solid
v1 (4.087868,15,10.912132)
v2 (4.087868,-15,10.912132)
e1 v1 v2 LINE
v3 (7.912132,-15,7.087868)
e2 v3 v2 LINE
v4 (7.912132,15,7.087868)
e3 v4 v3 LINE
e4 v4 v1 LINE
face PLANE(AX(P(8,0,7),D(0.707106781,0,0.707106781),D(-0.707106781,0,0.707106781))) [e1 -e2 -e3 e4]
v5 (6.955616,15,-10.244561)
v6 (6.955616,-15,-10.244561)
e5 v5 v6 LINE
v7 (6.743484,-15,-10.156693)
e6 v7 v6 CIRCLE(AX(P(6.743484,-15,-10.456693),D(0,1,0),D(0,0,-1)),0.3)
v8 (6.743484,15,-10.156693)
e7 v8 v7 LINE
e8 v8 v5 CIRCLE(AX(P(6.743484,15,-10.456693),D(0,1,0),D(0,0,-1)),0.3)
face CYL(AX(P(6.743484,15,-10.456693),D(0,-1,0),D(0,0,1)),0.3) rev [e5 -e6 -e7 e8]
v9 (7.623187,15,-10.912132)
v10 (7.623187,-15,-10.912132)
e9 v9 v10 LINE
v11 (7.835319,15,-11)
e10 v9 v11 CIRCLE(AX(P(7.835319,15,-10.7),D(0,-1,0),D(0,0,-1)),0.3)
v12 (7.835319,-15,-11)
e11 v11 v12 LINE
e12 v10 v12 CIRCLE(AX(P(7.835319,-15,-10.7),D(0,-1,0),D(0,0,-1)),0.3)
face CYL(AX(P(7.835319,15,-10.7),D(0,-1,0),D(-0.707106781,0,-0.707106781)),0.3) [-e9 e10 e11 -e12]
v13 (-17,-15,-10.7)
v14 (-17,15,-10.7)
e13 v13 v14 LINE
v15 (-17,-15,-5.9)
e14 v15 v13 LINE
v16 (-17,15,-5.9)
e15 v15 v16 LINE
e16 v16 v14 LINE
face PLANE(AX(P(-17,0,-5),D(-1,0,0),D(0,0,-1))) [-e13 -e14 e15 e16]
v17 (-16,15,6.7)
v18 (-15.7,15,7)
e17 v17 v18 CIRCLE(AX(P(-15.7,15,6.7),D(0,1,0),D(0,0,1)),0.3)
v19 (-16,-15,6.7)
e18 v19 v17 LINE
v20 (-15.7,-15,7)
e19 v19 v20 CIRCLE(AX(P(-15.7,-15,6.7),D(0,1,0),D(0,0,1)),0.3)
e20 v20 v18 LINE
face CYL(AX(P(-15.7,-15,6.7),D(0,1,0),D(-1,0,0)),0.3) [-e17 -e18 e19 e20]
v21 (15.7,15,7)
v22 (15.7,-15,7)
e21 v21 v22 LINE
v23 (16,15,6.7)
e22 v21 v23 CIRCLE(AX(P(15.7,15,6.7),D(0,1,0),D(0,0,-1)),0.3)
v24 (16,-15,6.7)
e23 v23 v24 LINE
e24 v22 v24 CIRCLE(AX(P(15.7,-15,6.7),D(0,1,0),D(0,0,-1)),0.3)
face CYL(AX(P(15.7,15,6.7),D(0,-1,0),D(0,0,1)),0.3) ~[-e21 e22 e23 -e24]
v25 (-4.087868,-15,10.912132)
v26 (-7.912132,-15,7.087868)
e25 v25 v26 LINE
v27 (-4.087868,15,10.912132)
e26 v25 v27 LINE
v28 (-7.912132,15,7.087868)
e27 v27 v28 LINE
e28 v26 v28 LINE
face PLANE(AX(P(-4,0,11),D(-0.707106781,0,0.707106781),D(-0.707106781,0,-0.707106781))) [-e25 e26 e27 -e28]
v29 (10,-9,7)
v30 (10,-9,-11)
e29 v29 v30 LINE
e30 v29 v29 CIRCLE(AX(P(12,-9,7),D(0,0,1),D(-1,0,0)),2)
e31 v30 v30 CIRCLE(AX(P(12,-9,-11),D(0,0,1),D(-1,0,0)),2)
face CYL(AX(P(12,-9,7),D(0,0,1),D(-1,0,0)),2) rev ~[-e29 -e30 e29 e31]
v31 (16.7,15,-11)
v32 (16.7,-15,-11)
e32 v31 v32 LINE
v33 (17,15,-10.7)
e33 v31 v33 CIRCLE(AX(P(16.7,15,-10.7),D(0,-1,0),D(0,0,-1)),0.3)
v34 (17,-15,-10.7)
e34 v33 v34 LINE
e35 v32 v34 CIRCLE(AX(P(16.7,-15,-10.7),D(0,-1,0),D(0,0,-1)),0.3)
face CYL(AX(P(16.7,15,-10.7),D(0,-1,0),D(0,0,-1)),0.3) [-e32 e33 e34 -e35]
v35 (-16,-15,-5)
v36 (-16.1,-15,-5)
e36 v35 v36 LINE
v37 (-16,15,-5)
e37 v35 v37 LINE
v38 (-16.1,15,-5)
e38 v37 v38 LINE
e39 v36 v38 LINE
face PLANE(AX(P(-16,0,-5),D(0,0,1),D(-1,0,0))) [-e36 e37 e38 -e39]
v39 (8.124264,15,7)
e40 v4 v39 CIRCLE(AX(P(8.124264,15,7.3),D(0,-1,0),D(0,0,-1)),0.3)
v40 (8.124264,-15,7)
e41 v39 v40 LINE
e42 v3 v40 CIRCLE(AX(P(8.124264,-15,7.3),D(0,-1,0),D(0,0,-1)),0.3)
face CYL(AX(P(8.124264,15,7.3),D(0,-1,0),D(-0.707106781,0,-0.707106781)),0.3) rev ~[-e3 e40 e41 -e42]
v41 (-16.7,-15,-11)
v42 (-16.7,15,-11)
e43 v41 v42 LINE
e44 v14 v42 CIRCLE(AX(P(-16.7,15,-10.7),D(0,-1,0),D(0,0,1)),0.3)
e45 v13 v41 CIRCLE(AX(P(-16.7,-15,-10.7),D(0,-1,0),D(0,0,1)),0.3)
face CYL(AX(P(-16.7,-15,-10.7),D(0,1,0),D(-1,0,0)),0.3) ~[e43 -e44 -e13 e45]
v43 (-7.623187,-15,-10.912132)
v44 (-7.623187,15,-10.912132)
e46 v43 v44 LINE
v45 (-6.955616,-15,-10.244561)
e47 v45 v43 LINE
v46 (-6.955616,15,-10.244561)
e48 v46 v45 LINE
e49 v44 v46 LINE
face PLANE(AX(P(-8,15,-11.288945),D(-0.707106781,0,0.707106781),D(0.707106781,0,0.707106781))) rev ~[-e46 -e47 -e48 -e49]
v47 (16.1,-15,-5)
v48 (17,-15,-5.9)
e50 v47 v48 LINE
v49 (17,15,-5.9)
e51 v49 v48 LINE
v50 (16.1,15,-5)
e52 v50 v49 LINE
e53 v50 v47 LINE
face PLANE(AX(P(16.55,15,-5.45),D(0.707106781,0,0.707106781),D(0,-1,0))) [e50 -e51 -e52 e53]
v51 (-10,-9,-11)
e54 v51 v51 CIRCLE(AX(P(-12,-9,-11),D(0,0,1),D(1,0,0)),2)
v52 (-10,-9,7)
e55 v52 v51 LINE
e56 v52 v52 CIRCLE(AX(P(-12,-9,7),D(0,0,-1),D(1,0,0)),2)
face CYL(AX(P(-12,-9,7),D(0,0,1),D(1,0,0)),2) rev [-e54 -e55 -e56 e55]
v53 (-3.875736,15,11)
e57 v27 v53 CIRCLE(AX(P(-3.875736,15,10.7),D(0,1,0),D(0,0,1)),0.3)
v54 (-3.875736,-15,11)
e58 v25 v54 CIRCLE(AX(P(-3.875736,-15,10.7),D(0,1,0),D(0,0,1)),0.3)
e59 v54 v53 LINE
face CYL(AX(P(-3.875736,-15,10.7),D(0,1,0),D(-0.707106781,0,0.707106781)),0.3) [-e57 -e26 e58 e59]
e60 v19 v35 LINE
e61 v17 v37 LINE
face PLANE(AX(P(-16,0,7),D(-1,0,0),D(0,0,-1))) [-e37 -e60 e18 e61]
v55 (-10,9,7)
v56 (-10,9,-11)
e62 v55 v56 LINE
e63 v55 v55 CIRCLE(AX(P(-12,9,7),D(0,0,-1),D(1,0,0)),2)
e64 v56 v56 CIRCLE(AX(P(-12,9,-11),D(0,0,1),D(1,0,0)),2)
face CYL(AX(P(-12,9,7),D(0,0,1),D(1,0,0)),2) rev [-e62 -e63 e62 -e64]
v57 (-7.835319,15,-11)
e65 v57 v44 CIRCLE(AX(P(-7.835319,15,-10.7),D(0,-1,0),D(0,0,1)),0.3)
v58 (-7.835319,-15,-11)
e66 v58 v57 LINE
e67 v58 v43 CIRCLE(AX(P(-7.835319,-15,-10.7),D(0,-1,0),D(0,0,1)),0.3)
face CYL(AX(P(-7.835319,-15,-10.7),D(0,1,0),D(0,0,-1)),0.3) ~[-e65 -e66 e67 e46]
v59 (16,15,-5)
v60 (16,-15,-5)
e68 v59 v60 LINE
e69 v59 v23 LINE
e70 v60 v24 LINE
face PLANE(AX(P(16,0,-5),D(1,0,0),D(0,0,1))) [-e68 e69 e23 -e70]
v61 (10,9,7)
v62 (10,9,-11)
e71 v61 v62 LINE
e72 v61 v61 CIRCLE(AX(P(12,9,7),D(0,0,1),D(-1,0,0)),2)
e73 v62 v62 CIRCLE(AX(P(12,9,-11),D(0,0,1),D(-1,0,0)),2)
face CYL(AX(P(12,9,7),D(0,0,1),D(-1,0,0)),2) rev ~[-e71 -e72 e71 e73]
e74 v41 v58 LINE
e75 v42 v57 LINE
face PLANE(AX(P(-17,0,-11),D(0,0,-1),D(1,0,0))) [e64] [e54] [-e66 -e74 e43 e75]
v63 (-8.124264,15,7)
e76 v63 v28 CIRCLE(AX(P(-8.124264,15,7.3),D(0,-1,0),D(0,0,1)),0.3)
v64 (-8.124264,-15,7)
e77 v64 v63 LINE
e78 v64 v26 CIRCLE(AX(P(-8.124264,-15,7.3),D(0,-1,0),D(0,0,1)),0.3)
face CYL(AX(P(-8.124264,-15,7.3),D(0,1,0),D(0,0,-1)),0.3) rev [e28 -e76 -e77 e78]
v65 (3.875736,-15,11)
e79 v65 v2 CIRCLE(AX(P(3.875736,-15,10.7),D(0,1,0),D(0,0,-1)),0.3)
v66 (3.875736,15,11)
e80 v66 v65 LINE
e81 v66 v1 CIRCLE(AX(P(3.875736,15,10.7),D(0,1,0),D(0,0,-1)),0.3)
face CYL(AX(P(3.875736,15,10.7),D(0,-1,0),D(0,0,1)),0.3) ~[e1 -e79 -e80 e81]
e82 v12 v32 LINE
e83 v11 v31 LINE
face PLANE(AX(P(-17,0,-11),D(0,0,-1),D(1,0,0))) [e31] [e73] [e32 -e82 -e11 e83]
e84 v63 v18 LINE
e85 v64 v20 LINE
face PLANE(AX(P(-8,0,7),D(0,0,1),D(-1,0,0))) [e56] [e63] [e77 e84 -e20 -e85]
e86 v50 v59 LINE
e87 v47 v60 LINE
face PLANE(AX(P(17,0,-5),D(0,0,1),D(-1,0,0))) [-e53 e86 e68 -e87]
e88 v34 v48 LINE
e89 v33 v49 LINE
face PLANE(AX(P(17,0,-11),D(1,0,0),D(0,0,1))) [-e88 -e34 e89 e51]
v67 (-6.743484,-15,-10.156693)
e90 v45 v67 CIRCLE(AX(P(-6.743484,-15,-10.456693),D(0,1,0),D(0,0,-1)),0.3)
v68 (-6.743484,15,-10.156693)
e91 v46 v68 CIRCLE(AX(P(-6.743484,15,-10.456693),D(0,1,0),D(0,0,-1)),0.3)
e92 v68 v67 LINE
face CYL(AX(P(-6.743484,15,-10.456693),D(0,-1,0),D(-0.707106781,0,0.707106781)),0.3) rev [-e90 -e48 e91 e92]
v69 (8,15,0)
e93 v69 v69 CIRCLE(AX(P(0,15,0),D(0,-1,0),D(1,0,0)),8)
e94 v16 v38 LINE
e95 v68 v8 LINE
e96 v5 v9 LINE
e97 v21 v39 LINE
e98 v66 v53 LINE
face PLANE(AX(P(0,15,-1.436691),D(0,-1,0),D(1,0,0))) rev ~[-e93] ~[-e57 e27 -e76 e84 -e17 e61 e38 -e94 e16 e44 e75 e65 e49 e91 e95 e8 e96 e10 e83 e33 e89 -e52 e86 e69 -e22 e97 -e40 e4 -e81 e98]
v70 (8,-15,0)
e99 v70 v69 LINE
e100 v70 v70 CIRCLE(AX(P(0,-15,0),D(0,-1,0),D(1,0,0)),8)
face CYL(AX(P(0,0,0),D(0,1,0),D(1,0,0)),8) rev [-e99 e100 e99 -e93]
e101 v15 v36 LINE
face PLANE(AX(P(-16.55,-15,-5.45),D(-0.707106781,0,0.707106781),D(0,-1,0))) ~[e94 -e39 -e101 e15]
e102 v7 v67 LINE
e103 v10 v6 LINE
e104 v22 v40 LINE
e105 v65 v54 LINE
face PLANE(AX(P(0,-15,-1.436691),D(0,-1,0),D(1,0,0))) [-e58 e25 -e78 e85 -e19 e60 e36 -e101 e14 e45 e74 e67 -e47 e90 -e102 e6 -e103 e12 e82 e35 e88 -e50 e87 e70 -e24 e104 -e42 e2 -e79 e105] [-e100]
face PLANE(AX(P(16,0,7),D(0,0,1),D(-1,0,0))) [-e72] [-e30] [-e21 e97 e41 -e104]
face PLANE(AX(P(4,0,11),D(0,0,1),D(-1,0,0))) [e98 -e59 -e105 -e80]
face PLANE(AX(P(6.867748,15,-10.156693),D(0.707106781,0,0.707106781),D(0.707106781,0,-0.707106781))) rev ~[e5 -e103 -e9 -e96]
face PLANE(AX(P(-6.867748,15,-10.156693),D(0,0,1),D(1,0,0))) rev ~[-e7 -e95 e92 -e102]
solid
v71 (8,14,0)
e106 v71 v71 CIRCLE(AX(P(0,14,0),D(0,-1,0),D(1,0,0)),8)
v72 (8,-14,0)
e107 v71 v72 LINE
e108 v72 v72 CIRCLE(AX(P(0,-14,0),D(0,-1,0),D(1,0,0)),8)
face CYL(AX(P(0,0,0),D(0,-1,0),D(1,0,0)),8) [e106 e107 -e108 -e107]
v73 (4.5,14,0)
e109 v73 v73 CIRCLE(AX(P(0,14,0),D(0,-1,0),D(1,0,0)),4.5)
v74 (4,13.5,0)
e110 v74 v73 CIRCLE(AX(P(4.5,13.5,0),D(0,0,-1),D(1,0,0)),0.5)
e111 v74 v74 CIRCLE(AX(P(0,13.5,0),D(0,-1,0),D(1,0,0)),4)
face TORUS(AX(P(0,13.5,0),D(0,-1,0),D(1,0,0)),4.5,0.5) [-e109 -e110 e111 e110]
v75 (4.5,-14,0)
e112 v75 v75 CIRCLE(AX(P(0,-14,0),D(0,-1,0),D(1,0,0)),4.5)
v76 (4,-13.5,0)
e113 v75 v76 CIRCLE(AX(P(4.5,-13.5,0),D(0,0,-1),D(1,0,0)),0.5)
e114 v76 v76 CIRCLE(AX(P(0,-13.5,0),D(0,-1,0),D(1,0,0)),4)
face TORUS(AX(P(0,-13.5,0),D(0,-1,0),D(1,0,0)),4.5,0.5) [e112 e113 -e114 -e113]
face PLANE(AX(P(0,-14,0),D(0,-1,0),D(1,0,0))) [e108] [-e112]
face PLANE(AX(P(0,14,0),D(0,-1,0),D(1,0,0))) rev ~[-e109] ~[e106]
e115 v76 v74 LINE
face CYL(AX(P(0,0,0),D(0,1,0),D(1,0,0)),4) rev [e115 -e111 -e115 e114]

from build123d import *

# Parameters (mm, degrees)
SKETCH_R        = 8
PAD_DEPTH       = 15
POCKET_DEPTH    = 35
CHAMFER_SIZE    = 0.9
FILLET_R        = 0.3
SKETCH002_R     = 2
POCKET001_DEPTH = 20
SKETCH003_R     = 8
SKETCH003_R_2   = 4
PAD001_DEPTH    = 14
FILLET001_R     = 0.5


with BuildPart() as body:
    # Sketch → Pad (new body, symmetric)
    with BuildSketch(Plane.XZ):
        Polygon((-17, -11), (17, -11), (17, -5), (16, -5), (16, 7), (8, 7), (4, 11), (-4, 11), (-8, 7), (-16, 7), (-16, -5), (-17, -5), align=None)
        Circle(SKETCH_R, mode=Mode.SUBTRACT)
    extrude(amount=PAD_DEPTH, both=True)

    # Sketch001 → Pocket (cut)
    with BuildSketch(Plane(origin=(0, 15, 0), x_dir=(1, 0, 0), z_dir=(0, 1, 0))):
        Polygon((-8, 12.156693), (-8, 11.288945), (-6.867748, 10.156693), (6.867748, 10.156693), (8, 11.288945), (8, 12.156693), align=None)
    extrude(amount=-POCKET_DEPTH, mode=Mode.SUBTRACT)

    # Chamfer
    chamfer_edges = [body.edges().sort_by_distance(p)[0] for p in [
        (17, 0, -5),
        (-17, 0, -5),
    ]]
    chamfer(chamfer_edges, length=CHAMFER_SIZE)

    # Fillet
    fillet_edges = [body.edges().sort_by_distance(p)[0] for p in [
        (-17, 0, -11),
        (17, 0, -11),
        (7.711055, 0, -11),
        (6.867748, 0, -10.156693),
        (-6.867748, 0, -10.156693),
        (-7.711055, 0, -11),
        (16, 0, 7),
        (-16, 0, 7),
        (4, 0, 11),
        (-4, 0, 11),
        (-8, 0, 7),
        (8, 0, 7),
    ]]
    fillet(fillet_edges, radius=FILLET_R)

    # Sketch002 (on Face28 of Fillet) → Pocket001 (cut)
    with BuildSketch(Plane(origin=(0, 0, 7), x_dir=(-1, 0, 0), z_dir=(0, 0, 1))):
        with Locations((-12, -9)):
            Circle(SKETCH002_R)
        with Locations((-12, 9)):
            Circle(SKETCH002_R)
    pocket001 = extrude(amount=-POCKET001_DEPTH, mode=Mode.SUBTRACT)

    # Mirrored: Pocket001 across Sketch002 V_Axis
    add(pocket001.mirror(Plane(origin=(0, 0, 7), x_dir=(0, 0, 1), z_dir=(-1, 0, 0))), mode=Mode.SUBTRACT)


with BuildPart() as body001:
    # Sketch003 → Pad001 (new body, symmetric)
    with BuildSketch(Plane.XZ):
        Circle(SKETCH003_R)
        Circle(SKETCH003_R_2, mode=Mode.SUBTRACT)
    extrude(amount=PAD001_DEPTH, both=True)

    # Fillet001
    fillet001_edges = [body001.edges().sort_by_distance(p)[0] for p in [
        (-4, -14, 0),
        (-4, 14, 0),
    ]]
    fillet(fillet001_edges, radius=FILLET001_R)


solid = Compound([body.part, body001.part])
